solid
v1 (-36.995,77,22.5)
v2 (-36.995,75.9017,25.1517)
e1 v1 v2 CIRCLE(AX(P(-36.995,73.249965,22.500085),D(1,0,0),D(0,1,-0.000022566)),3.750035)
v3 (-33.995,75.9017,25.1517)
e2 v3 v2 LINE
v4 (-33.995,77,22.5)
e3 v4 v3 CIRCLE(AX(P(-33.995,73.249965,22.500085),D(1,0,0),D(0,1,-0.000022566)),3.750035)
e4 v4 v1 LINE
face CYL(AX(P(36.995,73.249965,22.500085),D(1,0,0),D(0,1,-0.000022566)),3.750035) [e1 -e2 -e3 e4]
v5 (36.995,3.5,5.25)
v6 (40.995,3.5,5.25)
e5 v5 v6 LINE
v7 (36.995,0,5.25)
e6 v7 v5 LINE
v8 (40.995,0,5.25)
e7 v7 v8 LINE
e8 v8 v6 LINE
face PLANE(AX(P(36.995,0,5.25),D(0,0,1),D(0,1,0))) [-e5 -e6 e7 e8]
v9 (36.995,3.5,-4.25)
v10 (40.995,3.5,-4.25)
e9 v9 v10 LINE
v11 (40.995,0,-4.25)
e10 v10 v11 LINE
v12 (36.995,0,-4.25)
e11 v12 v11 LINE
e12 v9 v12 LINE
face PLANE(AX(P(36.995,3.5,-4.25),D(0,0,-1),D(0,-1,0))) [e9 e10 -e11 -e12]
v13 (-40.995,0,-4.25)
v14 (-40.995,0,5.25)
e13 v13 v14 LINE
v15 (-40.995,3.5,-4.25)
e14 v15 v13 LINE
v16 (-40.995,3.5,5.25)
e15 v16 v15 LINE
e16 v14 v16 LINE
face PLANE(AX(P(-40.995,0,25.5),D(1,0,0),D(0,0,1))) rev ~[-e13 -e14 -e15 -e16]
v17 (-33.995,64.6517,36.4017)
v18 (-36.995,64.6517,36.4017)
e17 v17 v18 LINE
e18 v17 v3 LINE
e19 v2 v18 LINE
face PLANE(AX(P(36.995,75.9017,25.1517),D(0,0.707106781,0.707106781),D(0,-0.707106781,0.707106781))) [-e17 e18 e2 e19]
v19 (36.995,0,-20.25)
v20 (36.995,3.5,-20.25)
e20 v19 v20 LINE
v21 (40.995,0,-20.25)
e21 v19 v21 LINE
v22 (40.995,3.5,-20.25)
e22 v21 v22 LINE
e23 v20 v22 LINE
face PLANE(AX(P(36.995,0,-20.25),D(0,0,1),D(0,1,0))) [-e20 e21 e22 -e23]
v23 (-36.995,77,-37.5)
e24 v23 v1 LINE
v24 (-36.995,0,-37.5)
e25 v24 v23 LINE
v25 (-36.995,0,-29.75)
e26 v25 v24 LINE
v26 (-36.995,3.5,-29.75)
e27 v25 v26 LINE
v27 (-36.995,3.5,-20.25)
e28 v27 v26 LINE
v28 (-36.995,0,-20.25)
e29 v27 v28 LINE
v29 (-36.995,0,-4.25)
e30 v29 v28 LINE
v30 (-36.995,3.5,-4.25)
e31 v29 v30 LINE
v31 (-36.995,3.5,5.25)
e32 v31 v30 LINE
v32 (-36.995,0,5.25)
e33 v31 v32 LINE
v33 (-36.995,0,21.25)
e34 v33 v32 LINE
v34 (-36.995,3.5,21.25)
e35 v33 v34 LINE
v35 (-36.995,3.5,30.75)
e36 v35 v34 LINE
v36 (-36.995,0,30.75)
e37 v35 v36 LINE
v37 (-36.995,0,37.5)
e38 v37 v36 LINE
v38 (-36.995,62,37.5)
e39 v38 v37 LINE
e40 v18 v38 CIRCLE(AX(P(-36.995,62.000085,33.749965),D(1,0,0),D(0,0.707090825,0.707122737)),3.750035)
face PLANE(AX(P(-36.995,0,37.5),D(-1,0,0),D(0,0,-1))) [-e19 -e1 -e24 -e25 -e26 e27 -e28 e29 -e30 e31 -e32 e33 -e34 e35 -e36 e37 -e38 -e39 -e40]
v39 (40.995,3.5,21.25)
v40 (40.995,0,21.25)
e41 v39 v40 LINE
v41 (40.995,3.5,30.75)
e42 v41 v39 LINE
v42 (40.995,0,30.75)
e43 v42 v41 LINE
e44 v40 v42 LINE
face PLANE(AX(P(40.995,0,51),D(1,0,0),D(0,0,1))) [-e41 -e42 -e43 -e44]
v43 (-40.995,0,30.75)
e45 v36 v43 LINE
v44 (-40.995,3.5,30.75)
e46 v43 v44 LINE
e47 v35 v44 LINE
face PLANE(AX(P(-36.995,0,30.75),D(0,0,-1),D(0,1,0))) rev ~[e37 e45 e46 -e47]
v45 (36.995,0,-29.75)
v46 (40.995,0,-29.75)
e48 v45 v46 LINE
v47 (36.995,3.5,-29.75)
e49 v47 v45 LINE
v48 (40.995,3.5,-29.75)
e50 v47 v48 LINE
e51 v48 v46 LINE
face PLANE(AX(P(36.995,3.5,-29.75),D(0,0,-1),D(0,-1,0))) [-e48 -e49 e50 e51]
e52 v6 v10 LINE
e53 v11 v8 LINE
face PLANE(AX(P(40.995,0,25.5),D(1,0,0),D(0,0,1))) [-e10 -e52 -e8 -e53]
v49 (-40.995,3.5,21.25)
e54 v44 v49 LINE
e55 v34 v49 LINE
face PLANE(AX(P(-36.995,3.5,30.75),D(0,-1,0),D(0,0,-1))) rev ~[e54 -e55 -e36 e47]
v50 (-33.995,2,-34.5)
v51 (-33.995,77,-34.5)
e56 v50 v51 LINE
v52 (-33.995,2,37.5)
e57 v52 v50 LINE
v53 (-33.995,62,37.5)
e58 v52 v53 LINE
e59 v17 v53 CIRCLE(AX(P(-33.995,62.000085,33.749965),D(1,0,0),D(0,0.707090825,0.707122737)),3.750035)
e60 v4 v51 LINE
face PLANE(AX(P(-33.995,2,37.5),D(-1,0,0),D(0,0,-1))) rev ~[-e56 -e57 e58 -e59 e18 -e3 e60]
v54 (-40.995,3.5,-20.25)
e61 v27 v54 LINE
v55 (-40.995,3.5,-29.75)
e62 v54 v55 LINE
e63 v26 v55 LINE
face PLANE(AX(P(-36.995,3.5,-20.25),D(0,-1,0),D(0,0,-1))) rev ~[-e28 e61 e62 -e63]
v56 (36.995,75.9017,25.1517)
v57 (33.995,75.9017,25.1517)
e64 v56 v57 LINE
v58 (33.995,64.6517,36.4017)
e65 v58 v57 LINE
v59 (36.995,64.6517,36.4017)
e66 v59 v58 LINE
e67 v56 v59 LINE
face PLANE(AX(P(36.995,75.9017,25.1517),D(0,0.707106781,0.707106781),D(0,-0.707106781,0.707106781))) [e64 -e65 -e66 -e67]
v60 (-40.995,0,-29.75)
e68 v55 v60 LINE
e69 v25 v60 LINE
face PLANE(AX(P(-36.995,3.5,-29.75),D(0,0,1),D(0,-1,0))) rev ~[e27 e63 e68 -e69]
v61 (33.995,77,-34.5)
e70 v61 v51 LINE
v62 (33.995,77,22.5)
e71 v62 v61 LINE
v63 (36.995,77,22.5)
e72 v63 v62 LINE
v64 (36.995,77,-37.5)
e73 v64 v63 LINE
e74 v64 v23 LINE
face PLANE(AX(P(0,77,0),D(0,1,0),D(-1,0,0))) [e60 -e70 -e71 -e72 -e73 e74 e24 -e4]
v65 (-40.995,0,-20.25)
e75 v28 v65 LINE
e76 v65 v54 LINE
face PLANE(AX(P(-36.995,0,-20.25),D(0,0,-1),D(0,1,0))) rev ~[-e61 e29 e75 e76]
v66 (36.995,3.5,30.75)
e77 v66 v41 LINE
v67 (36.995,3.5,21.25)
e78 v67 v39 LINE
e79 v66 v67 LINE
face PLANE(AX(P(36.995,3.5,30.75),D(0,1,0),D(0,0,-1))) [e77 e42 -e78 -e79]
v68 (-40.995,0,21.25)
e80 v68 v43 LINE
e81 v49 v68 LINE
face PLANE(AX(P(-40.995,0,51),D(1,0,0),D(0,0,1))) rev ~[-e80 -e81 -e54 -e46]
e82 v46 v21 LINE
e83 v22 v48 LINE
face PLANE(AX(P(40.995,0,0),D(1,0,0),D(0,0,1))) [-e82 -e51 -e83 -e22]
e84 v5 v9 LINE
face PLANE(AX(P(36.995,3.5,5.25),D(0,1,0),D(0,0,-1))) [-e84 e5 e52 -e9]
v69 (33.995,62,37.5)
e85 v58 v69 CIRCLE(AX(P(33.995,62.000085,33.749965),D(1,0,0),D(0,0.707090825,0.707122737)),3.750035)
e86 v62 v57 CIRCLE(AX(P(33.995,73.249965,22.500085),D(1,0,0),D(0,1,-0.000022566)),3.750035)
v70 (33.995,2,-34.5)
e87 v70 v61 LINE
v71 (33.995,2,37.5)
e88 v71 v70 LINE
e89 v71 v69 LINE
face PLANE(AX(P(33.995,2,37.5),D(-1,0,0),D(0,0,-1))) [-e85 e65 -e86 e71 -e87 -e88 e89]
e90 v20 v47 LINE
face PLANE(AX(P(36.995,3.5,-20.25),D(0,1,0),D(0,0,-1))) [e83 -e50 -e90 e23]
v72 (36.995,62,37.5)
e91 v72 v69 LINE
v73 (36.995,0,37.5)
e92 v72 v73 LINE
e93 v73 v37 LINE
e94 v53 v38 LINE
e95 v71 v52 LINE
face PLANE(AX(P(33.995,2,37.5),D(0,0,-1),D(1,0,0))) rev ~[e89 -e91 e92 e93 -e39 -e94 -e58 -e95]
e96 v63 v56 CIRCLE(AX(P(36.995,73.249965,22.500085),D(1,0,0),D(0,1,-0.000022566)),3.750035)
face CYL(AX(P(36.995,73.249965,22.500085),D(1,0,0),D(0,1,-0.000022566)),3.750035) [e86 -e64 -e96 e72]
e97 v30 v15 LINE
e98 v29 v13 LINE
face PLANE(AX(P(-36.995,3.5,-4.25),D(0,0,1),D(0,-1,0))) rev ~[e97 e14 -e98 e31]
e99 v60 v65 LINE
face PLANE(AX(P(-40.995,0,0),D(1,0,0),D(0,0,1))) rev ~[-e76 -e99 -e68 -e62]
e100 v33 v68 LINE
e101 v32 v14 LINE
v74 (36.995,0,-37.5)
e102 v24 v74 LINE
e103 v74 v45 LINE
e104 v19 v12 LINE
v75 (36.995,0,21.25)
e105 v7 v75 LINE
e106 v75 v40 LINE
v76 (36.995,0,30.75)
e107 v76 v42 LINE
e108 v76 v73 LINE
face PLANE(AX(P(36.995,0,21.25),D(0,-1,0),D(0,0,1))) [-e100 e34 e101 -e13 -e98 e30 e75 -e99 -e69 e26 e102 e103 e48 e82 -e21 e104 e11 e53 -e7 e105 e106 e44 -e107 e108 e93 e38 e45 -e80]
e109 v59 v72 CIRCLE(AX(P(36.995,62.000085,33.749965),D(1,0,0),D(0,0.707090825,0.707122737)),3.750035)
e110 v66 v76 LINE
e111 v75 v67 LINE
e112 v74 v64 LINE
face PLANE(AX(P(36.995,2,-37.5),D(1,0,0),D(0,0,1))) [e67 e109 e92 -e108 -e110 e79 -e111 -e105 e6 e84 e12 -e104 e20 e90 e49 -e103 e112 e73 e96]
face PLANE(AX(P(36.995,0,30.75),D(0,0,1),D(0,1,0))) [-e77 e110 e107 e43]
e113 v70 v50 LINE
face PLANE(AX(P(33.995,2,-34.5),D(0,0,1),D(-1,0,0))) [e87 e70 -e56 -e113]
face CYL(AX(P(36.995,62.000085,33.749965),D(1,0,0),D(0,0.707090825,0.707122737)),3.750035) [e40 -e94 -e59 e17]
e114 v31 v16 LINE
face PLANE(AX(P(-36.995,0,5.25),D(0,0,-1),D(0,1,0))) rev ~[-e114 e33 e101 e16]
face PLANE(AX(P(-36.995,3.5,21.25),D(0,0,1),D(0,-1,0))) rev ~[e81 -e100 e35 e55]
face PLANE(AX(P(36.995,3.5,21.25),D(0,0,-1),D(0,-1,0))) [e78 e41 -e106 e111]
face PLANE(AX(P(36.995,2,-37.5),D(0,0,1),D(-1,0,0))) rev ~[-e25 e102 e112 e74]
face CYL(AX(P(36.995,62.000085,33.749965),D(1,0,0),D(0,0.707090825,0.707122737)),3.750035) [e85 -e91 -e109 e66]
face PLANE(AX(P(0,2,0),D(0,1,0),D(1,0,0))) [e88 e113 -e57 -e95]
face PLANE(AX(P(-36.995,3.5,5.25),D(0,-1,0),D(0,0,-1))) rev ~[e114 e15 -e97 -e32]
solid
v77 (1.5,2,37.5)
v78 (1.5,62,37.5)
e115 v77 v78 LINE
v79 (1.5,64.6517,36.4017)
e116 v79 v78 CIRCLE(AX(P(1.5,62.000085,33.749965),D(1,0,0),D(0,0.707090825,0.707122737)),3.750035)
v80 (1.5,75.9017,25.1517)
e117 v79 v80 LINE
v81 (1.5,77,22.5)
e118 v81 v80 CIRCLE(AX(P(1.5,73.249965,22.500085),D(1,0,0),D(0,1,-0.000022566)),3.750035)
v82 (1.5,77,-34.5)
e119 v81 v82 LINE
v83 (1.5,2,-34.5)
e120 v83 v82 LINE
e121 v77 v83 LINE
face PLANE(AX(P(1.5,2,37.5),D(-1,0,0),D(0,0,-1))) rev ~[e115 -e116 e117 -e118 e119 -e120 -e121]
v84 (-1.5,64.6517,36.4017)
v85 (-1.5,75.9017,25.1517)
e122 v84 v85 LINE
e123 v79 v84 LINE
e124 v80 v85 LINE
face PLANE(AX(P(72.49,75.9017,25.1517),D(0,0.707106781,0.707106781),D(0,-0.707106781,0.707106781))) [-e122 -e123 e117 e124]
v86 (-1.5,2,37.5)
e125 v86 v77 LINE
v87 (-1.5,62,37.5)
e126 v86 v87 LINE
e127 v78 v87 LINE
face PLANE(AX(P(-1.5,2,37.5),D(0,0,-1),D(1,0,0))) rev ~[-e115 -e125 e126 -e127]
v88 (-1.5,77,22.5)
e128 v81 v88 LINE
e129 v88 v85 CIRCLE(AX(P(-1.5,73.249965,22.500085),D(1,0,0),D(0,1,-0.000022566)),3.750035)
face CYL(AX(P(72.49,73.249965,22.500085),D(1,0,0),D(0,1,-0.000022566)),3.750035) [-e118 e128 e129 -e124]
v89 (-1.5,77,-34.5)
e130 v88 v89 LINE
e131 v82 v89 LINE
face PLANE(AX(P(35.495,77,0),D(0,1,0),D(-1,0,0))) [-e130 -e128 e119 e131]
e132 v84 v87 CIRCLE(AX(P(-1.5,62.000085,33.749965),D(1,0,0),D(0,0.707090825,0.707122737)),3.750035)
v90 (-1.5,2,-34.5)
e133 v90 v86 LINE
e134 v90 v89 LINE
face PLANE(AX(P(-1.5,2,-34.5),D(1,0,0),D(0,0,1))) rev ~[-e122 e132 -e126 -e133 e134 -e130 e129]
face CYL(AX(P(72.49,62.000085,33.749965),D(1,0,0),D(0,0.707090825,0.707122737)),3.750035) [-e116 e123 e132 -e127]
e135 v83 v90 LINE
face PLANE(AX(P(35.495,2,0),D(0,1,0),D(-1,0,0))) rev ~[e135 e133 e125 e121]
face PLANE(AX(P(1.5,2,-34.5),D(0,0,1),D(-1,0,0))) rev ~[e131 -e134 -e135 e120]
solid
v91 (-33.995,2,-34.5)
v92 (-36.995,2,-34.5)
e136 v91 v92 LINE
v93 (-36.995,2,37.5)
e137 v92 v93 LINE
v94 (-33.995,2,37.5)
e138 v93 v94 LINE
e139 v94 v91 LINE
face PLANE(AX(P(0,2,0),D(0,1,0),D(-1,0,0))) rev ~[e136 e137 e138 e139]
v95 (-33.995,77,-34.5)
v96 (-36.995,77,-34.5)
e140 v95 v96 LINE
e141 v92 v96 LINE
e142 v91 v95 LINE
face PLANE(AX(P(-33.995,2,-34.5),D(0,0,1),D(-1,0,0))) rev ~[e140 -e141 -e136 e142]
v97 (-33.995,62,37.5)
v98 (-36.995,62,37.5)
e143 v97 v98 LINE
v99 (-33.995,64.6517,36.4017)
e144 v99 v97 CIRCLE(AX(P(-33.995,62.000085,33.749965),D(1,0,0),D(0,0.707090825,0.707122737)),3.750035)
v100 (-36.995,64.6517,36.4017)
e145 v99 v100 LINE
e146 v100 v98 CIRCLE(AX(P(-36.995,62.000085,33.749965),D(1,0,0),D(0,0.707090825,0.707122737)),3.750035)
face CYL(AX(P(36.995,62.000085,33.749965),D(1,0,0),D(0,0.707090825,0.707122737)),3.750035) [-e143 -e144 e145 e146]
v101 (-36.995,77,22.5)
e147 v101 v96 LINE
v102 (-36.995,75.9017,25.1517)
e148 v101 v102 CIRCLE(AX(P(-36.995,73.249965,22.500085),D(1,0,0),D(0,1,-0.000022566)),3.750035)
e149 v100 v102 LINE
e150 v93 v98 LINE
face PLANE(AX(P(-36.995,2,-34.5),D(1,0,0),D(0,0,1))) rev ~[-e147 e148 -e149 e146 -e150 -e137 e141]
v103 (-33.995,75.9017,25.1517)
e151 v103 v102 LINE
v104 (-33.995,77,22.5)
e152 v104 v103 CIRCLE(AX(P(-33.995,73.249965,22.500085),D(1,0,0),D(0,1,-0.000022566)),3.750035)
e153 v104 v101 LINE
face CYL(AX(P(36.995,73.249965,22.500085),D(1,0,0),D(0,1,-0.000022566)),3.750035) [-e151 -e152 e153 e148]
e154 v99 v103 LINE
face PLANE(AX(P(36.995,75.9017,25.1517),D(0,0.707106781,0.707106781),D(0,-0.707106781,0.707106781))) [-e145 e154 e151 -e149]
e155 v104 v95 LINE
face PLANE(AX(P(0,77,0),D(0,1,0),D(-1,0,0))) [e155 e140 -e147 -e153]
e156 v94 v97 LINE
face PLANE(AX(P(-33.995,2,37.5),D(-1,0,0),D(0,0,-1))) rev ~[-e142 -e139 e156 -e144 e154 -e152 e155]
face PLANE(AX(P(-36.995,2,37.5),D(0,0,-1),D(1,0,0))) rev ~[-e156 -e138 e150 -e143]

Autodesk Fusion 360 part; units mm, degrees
sketch "Base" plane through (0, 0, 0) normal (0, 1, 0) x (1, 0, 0) in component "DDD Wall Control Center Piece Parametric Template"
  line L0 (36.995, -37.5) -> (-36.995, -37.5)
  line L1 (-36.995, -37.5) -> (-36.995, 37.5)
  line L2 (-36.995, 37.5) -> (36.995, 37.5)
  line L3 (36.995, 37.5) -> (36.995, -37.5)
  line L4 (36.995, -37.5) -> (-36.995, 37.5) construction
  line L5 (-36.995, -37.5) -> (36.995, 37.5) construction
  dimension "d1" = 73.99
  dimension "d2" = 75
extrude "Extrude1" add sketch "Base" along normal blind 2 makes body 1 in component "DDD Wall Control Center Piece Parametric Template"
sketch "Mouting Tab" plane through (0, 0, 0) normal (1, 0, 0) x (0, 0, 1) in component "DDD Wall Control Center Piece Parametric Template"
  line L0 (-20.25, -3.5) -> (-29.75, -3.5)
  line L1 (-29.75, -3.5) -> (-29.75, 0)
  line L2 (-29.75, 0) -> (-20.25, 0)
  line L3 (-20.25, 0) -> (-20.25, -3.5)
  line L4 (-20.25, -3.5) -> (-29.75, 0) construction
  line L5 (-29.75, -3.5) -> (-20.25, 0) construction
  line L6 (1.75, 0) -> (22.5, 0)
  point P0 (-25, -1.75)
  dimension "d34" = 9.5
  dimension "d35" = 3.5
  dimension "d147" = 20.25
extrude "Extrude3" add sketch "Mouting Tab" along normal blind 4 from surface at 36.995 bodies 1 in component "DDD Wall Control Center Piece Parametric Template"
extrude "Extrude6" add sketch "Mouting Tab" against normal blind 4 from surface at -36.995 bodies 1 in component "DDD Wall Control Center Piece Parametric Template"
pattern_linear "R-Pattern2" count 1 spacing 177.59 along (0, -1, 0) count 3 spacing 25.5 along (0, 0, 1) of "Extrude6", "Extrude3" in component "DDD Wall Control Center Piece Parametric Template"
sketch "Side and Back Walls" plane through (0, 2, 0) normal (0, 1, 0) x (-1, 0, 0) in component "DDD Wall Control Center Piece Parametric Template"
  line L0 (-36.995, -37.5) -> (36.995, -37.5)
  line L1 (36.995, -37.5) -> (36.995, 37.5)
  line L2 (36.995, 37.5) -> (-36.995, 37.5)
  line L3 (-36.995, 37.5) -> (-36.995, 30.75)
  line L4 (36.995, -37.5) -> (-36.995, -37.5)
  line L5 (-36.995, -37.5) -> (-36.995, -34.5)
  line L6 (-36.995, -34.5) -> (36.995, -34.5)
  line L7 (36.995, -34.5) -> (36.995, -37.5)
  line L8 (-36.995, 37.5) -> (-33.995, 37.5)
  line L9 (-33.995, 37.5) -> (-33.995, -34.5)
  line L10 (-33.995, -34.5) -> (-36.995, -34.5)
  line L11 (-36.995, -34.5) -> (-36.995, 37.5)
  line L12 (36.995, 37.5) -> (33.995, 37.5)
  line L13 (33.995, 37.5) -> (33.995, -34.5)
  line L14 (33.995, -34.5) -> (36.995, -34.5)
  line L15 (36.995, -34.5) -> (36.995, 37.5)
  line L16 (36.995, -29.75) -> (36.995, -20.25)
  line L17 (36.995, -20.25) -> (36.995, -4.25)
  line L18 (36.995, -4.25) -> (36.995, 5.25)
  line L19 (36.995, 5.25) -> (36.995, 21.25)
  line L20 (36.995, 21.25) -> (36.995, 30.75)
  line L21 (36.995, 30.75) -> (36.995, 37.5)
  line L22 (-36.995, 30.75) -> (-36.995, 21.25)
  line L23 (-36.995, 21.25) -> (-36.995, 5.25)
  line L24 (-36.995, 5.25) -> (-36.995, -4.25)
  line L25 (-36.995, -4.25) -> (-36.995, -20.25)
  line L26 (-36.995, -20.25) -> (-36.995, -29.75)
  line L27 (-36.995, -29.75) -> (-36.995, -37.5)
  dimension "d10" = 3
  dimension "d11" = 3
  dimension "d12" = 3
extrude "Extrude7" add sketch "Side and Back Walls" along normal blind 75 contours L0 L1 L4 L5 L6 L7 L10 L14 L27 | L2 L3 L6 L8 L9 L10 L11 L22 L23 L24 L25 L26 L27 | L1 L2 L6 L12 L13 L14 L15 L16 L17 L18 L19 L20 L21 bodies 1 in component "DDD Wall Control Center Piece Parametric Template"
extrude "Extrude11" add sketch "Side and Back Walls" along normal blind 75 separate body contours L1 L2 L6 L12 L13 L14 L15 L16 L17 L18 L19 L20 L21 makes body 2 in component "DDD Wall Control Center Piece Parametric Template"
sketch "Divider Wall" plane through (-33.995, 0, 0) normal (1, 0, 0) x (0, 0, -1) in component "DDD Wall Control Center Piece Parametric Template"
  line L0 (-37.5, 2) -> (34.5, 2)
  line L1 (34.5, 2) -> (34.5, 77)
  line L2 (34.5, 77) -> (-37.5, 77)
  line L3 (-37.5, 77) -> (-37.5, 2)
  line L4 (-22.5, 77) -> (-18.75, 77)
  line L5 (-18.75, 77) -> (-18.75, 58.25)
  line L6 (-18.75, 58.25) -> (-37.5, 58.25)
  line L7 (-37.5, 58.25) -> (-37.5, 62)
  line L8 (-25.1517, 75.9017) -> (-36.4017, 64.6517)
  arc A0 (-22.5, 77) -> (-25.1517, 75.9017) centre (-22.5, 73.25) ccw
  arc A1 (-36.4017, 64.6517) -> (-37.5, 62) centre (-33.75, 62) ccw
  dimension "d59" = 18.75
  dimension "d60" = 18.75
  dimension "d62" = 18.75
  dimension "d63" = 18.75
  dimension "d70" = 3.75
  dimension "d71" = 3.75
  dimension "d72" = 3.75
  dimension "d73" = 3.75
extrude "Extrude12" cut sketch "Divider Wall" along normal up to surface (-3 mm away) and the other way up to surface (-70.99 mm away) contours L2 L3 L8 A0 A1 bodies 1 2 in component "DDD Wall Control Center Piece Parametric Template"
pattern_linear "R-Pattern3" count 1 spacing 0 along (0, -1, 0) count 2 spacing 35.495 along (1, 0, 0) of bodies 2 makes body 3 in component "DDD Wall Control Center Piece Parametric Template"
component "Divider Rack" placed x (1, 0, 0) y (0, 1, 0) z (0, 0, 1) at (0, 0, 0)
component "DDD Wall Control Center Piece Parametric Template" placed x (1, 0, 0) y (0, 1, 0) z (0, 0, 1) at (0, 0, 0) in component "Divider Rack"
equation "d1 = MMCenterPieceWidth"
equation "d2 = CenterPieceDepth"
equation "d3 = CenterPieceThickness"
equation "MMCenterPieceWidth = ( CenterPieceWidthUnits * 25.4 mm ) - 2.21 mm"
equation "CenterPieceDepth = 75 mm"
equation "CenterPieceThickness = 2 mm"
equation "d147 = CenterPieceDepth / 2 - 17.25 mm"
equation "DividerWallThickness = 3 mm"
equation "d10 = DividerWallThickness"
equation "d11 = DividerWallThickness"
equation "d12 = DividerWallThickness"
equation "DividerWallHeigth = 75 mm"
equation "d14 = DividerWallHeigth"
equation "DividerWallBevel = DividerWallHeigth - ( DividerWallHeigth * 0.75 )"
equation "d51 = DividerWallHeigth"
equation "d59 = DividerWallBevel"
equation "d60 = DividerWallBevel"
equation "d62 = DividerWallBevel"
equation "d63 = DividerWallBevel"
equation "MeasurementBetweenWalls = DividerWallSpacing - DividerWallThickness"
equation "d70 = DividerWallBevel / 5"
equation "d71 = DividerWallBevel / 5"
equation "d72 = DividerWallBevel / 5"
equation "d73 = DividerWallBevel / 5"
